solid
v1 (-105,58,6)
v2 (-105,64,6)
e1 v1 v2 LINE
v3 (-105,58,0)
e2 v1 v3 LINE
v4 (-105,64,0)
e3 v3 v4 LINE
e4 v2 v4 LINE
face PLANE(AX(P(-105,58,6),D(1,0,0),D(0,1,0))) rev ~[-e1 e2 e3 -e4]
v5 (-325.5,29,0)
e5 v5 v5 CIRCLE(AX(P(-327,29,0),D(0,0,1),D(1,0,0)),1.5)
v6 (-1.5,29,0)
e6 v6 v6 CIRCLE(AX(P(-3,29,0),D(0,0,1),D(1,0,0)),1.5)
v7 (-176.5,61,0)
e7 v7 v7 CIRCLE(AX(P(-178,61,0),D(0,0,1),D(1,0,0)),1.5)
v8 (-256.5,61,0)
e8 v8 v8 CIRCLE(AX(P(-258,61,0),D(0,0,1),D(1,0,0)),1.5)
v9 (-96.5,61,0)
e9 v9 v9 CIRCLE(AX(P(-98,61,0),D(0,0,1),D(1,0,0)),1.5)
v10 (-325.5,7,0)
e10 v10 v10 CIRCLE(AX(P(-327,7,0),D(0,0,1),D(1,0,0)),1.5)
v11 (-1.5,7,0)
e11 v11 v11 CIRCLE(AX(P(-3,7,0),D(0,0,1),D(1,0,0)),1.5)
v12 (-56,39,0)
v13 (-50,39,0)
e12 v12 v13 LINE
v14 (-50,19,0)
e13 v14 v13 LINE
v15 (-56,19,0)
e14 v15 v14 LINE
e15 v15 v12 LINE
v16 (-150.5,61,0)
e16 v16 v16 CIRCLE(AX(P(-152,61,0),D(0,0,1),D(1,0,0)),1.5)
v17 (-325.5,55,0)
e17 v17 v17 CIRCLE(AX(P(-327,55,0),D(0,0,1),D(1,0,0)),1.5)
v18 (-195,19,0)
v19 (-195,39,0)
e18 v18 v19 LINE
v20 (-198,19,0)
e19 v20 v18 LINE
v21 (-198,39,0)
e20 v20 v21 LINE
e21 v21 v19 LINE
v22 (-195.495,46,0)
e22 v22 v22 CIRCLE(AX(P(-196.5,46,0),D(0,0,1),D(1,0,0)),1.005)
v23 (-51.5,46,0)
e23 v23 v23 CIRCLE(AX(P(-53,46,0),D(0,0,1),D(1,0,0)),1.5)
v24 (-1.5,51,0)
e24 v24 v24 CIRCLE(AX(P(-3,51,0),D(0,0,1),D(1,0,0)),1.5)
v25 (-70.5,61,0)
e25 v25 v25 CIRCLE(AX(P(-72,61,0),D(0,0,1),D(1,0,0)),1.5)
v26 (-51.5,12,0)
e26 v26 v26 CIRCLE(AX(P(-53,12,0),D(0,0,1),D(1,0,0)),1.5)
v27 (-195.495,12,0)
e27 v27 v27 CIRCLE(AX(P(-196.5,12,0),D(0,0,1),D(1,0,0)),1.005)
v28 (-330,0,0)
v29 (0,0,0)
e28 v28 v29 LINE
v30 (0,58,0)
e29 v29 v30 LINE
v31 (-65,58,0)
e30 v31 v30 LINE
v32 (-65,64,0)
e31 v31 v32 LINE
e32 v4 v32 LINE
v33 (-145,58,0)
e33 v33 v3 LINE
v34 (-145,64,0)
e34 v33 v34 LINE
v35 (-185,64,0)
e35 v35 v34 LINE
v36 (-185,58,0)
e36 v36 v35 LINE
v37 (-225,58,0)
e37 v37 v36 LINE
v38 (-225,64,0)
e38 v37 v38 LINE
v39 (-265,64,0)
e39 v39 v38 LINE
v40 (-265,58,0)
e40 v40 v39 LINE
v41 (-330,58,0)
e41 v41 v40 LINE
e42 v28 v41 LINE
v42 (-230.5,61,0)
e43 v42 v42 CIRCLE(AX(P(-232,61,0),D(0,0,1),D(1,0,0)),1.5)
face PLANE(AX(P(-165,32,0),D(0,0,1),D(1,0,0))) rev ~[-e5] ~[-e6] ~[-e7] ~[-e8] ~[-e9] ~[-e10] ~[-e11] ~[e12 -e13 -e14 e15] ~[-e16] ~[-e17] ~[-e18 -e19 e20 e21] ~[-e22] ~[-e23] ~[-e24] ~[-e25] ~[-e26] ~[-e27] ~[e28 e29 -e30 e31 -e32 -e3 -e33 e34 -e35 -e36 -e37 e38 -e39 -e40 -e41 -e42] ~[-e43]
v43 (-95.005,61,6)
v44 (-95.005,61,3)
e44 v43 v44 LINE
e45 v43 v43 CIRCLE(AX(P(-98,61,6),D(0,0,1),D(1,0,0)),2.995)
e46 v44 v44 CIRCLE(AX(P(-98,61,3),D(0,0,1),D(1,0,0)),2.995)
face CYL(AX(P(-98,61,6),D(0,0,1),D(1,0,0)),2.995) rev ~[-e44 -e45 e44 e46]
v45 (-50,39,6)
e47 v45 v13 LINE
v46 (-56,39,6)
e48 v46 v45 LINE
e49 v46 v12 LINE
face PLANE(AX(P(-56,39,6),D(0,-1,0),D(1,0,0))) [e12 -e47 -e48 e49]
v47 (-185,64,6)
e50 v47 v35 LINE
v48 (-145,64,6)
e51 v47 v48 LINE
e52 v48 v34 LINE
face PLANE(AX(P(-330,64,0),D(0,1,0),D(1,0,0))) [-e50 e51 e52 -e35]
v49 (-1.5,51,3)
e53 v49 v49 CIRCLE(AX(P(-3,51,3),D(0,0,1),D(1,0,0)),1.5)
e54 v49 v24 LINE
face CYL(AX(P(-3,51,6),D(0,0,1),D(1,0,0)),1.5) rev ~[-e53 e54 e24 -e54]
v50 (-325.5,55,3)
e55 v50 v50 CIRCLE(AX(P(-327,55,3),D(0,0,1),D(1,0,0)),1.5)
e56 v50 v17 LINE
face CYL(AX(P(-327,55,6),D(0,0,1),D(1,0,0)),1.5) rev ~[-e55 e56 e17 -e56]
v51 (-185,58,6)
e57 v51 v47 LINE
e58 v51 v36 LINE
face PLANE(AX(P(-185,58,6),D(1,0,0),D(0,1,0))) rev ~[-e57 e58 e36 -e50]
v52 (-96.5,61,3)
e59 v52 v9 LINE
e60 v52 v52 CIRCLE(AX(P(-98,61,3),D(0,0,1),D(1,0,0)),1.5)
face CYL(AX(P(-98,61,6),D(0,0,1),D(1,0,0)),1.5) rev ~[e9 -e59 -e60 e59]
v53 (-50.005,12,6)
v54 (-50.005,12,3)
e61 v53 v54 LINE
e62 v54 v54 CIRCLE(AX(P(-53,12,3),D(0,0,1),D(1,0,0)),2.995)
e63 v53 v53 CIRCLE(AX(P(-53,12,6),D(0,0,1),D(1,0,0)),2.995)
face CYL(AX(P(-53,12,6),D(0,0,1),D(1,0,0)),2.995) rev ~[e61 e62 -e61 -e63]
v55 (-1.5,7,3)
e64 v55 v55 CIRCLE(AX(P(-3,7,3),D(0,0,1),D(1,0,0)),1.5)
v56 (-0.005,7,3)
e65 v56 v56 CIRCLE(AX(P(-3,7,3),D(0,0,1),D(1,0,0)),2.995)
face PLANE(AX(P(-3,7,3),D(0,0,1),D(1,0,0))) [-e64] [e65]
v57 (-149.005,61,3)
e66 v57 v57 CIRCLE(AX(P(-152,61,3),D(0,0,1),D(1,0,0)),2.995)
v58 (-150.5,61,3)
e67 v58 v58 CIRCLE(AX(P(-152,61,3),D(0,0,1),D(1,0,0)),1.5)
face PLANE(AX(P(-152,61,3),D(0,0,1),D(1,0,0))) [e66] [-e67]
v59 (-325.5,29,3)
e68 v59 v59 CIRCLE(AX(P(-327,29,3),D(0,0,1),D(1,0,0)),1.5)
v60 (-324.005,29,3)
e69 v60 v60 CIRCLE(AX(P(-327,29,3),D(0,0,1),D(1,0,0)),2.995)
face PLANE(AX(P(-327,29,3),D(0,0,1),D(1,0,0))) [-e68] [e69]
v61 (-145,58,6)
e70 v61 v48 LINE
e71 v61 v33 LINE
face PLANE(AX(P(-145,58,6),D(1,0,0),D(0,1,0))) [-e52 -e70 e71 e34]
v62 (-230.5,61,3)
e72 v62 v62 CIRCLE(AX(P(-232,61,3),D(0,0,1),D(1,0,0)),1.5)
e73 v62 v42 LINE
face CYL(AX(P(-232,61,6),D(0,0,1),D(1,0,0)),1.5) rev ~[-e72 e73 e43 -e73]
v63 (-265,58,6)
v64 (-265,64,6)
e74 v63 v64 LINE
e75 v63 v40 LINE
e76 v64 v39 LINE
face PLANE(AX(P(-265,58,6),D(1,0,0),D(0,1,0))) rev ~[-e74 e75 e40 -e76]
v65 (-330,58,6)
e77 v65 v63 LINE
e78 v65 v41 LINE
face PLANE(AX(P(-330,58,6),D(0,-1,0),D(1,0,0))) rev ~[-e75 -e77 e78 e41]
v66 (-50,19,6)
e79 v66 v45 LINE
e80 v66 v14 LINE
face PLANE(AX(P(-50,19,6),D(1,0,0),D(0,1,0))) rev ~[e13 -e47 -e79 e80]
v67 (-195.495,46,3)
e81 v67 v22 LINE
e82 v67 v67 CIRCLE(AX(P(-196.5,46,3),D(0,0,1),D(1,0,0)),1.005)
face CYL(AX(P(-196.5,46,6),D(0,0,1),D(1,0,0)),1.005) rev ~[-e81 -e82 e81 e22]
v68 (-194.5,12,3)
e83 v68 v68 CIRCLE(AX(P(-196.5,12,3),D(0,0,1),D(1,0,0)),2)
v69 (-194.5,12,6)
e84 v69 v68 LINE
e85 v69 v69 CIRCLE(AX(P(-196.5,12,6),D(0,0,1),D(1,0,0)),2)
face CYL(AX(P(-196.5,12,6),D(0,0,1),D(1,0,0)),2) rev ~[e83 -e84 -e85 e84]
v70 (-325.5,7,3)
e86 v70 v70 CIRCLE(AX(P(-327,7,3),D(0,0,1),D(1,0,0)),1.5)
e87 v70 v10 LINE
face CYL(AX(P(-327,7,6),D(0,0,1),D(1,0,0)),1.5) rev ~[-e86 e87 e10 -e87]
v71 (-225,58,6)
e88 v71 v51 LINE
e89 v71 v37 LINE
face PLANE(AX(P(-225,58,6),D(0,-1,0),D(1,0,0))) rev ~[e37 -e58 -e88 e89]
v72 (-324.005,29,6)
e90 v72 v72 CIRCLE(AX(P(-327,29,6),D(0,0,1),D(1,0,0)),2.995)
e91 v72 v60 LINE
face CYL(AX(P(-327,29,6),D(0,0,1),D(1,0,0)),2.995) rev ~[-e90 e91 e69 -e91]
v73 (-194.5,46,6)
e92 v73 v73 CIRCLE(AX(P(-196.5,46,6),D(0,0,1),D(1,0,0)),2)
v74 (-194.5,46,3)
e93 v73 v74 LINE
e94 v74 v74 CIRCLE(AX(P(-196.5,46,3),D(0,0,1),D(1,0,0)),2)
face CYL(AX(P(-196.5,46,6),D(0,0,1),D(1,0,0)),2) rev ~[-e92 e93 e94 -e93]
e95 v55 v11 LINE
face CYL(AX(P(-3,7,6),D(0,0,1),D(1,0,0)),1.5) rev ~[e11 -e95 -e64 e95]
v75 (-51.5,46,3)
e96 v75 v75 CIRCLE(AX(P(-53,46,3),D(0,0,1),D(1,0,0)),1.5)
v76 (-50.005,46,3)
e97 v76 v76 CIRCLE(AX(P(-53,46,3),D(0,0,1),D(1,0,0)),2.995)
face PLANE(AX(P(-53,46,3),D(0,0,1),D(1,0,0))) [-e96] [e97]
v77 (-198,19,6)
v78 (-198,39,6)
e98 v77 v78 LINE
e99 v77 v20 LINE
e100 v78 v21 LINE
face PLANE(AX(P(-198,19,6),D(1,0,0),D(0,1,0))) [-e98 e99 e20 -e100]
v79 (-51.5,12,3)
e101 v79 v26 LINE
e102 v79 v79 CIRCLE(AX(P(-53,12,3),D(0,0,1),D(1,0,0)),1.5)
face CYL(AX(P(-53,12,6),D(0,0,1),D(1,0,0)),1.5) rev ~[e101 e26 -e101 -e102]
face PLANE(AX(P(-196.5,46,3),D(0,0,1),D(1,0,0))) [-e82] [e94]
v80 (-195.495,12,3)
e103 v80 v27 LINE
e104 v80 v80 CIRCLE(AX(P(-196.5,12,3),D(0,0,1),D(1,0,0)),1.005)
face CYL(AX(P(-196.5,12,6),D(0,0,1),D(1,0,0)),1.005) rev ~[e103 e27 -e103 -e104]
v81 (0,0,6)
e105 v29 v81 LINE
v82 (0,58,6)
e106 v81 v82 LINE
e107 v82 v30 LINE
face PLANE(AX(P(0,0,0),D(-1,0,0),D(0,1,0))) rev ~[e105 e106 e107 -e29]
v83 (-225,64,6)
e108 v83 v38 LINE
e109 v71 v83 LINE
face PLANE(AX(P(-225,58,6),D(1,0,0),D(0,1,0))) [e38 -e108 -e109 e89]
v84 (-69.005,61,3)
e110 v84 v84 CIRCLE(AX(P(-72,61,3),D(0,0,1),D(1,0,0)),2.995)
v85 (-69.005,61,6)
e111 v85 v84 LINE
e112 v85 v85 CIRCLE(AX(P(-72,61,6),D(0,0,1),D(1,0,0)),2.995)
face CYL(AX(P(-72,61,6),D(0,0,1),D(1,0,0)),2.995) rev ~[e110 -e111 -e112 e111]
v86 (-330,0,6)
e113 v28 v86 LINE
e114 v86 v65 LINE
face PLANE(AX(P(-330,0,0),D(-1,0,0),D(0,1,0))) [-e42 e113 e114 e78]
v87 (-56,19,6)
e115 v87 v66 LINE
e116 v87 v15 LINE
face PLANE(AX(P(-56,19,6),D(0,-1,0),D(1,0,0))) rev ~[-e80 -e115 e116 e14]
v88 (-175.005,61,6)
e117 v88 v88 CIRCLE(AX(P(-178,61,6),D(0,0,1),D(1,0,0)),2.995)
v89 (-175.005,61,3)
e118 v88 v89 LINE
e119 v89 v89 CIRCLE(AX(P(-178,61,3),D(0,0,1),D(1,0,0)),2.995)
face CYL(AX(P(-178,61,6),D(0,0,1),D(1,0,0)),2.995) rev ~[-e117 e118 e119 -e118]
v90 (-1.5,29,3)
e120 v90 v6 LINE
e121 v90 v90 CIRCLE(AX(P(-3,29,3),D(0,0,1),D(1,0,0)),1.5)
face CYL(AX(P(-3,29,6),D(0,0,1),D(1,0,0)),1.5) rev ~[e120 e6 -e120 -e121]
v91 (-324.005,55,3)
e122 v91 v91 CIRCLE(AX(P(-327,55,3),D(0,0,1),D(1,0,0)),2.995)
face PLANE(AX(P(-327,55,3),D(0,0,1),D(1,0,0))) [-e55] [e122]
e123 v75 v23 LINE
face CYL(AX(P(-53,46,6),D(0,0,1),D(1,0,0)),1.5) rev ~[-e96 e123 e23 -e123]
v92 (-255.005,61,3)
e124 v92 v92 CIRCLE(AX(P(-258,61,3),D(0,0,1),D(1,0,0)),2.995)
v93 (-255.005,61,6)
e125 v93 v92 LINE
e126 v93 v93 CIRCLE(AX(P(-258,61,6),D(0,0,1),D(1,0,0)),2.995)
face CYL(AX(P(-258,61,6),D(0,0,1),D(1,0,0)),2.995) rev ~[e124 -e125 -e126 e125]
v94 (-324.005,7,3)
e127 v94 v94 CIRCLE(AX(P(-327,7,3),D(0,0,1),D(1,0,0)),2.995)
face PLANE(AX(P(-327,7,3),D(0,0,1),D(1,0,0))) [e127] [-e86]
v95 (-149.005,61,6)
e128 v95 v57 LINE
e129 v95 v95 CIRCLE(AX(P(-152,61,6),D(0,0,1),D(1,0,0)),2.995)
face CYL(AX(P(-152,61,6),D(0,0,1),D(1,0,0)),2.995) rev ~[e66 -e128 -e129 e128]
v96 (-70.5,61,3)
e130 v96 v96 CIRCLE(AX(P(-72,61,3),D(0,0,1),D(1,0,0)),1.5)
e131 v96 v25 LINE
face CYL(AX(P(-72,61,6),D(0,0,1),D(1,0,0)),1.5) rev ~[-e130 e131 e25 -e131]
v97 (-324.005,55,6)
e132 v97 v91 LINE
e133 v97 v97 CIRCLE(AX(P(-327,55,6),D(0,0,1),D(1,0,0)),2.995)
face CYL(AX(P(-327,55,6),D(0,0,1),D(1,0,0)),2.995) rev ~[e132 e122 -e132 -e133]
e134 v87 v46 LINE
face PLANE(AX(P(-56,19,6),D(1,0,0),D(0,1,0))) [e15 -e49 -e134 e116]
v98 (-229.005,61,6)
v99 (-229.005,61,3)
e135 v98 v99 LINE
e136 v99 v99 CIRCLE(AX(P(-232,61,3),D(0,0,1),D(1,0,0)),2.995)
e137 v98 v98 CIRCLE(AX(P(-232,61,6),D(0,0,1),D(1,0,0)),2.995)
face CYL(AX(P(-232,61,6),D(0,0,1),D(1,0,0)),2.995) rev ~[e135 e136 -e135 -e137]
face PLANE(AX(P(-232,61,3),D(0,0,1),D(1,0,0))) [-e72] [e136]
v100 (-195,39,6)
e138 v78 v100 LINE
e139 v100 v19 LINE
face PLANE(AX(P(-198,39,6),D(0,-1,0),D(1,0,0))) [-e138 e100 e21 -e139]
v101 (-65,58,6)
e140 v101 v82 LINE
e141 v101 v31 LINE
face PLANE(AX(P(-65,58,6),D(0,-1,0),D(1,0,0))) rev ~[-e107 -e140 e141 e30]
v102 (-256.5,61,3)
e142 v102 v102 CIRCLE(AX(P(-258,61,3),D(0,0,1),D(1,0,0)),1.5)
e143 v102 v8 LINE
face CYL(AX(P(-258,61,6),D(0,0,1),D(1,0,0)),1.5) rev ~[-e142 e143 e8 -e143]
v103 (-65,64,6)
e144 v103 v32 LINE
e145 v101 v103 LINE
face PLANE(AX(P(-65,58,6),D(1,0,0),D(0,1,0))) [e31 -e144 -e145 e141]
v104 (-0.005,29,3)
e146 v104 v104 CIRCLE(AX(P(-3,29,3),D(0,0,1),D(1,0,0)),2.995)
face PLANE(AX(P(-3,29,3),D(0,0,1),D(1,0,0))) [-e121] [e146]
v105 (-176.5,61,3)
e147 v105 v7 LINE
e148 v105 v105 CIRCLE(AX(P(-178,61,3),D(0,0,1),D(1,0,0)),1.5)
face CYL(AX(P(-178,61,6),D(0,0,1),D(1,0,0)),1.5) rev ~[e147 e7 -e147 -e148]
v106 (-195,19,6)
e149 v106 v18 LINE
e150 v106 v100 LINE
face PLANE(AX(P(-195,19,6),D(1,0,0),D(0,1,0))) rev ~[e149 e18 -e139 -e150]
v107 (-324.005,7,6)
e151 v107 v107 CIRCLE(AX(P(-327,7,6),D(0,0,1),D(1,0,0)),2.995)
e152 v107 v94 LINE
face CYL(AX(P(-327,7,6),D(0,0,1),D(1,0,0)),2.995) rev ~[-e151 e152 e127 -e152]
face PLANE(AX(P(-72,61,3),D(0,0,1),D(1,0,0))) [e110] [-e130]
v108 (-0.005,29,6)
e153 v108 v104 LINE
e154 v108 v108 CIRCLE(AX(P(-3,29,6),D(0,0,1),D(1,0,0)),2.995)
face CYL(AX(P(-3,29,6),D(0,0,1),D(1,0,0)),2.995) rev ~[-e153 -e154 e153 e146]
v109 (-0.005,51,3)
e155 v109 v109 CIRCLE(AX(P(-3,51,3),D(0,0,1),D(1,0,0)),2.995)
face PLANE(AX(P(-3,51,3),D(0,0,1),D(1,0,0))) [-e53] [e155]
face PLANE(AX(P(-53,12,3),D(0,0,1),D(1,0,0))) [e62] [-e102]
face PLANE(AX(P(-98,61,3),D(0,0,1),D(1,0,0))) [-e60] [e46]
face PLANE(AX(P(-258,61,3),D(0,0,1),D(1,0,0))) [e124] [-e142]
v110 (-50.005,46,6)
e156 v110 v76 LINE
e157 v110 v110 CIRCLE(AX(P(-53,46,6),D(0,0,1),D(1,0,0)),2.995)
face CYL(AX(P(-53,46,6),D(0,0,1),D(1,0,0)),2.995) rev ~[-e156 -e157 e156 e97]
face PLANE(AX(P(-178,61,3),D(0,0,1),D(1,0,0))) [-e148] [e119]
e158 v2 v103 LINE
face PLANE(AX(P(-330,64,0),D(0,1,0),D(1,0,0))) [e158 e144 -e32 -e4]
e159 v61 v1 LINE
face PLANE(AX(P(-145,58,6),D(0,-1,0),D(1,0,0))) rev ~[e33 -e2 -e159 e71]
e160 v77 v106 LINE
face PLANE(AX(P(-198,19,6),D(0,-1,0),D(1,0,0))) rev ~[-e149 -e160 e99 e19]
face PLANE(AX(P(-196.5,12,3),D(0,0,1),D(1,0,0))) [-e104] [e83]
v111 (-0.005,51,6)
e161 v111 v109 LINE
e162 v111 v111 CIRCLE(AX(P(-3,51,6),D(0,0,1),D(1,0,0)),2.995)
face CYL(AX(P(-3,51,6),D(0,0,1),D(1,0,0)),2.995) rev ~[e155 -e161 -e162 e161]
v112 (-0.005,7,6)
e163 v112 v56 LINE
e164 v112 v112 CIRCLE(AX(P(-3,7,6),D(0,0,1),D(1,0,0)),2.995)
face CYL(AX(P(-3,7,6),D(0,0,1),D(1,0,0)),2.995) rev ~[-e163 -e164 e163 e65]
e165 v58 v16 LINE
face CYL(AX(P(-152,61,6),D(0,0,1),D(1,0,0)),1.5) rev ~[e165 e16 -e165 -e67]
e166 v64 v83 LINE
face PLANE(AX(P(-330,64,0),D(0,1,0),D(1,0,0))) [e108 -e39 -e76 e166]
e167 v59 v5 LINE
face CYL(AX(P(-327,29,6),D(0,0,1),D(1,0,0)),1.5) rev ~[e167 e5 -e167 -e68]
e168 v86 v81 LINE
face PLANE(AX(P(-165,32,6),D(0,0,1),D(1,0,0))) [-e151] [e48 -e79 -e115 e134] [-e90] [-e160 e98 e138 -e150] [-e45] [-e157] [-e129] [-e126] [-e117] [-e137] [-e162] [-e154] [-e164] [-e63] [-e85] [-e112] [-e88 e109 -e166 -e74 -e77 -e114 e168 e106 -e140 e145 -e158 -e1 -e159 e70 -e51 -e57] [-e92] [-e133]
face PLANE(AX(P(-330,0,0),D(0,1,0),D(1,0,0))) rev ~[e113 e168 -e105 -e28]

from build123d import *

# Parameters (mm, degrees)
ESQUISSE1_W             = 330
ESQUISSE1_H             = 64
BOSS_EXTRU_1_DEPTH      = 6
ESQUISSE2_W             = 65
ESQUISSE2_H             = 6
ESQUISSE2_W_2           = 40
ENL_V_MAT_EXTRU_1_DEPTH = 337.20232004
ESQUISSE3_W             = 3
ESQUISSE3_H             = 20
ESQUISSE3_W_2           = 6
ENL_V_MAT_EXTRU_2_DEPTH = 337.20232004
ESQUISSE4_R             = 1.5
ESQUISSE4_R_2           = 1.005
ENL_V_MAT_EXTRU_3_DEPTH = 337.20232004
ESQUISSE5_R             = 2.995
ESQUISSE5_R_2           = 2
ENL_V_MAT_EXTRU_4_DEPTH = 3


with BuildPart() as part:
    # Esquisse1 → Boss.-Extru.1 (new body)
    with BuildSketch(Plane.XY):
        with Locations((-165, 32)):
            Rectangle(ESQUISSE1_W, ESQUISSE1_H)
    extrude(amount=BOSS_EXTRU_1_DEPTH)

    # Esquisse2 → Enlèv. mat.-Extru.1 (cut, through all)
    with BuildSketch(Plane.XY.offset(6)):
        with Locations((-297.5, 61)):
            Rectangle(ESQUISSE2_W, ESQUISSE2_H)
        with Locations((-205, 61)):
            Rectangle(ESQUISSE2_W_2, ESQUISSE2_H)
        with Locations((-125, 61)):
            Rectangle(ESQUISSE2_W_2, ESQUISSE2_H)
        with Locations((-32.5, 61)):
            Rectangle(ESQUISSE2_W, ESQUISSE2_H)
    extrude(amount=-ENL_V_MAT_EXTRU_1_DEPTH, mode=Mode.SUBTRACT)

    # Esquisse3 → Enlèv. mat.-Extru.2 (cut, through all)
    with BuildSketch(Plane.XY.offset(6)):
        with Locations((-196.5, 29)):
            Rectangle(ESQUISSE3_W, ESQUISSE3_H)
        with Locations((-53, 29)):
            Rectangle(ESQUISSE3_W_2, ESQUISSE3_H)
    extrude(amount=-ENL_V_MAT_EXTRU_2_DEPTH, mode=Mode.SUBTRACT)

    # Esquisse4 → Enlèv. mat.-Extru.3 (cut, through all)
    with BuildSketch(Plane.XY.offset(6)):
        with Locations((-327, 55)):
            Circle(ESQUISSE4_R)
        with Locations((-327, 29)):
            Circle(ESQUISSE4_R)
        with Locations((-327, 7)):
            Circle(ESQUISSE4_R)
        with Locations((-258, 61)):
            Circle(ESQUISSE4_R)
        with Locations((-232, 61)):
            Circle(ESQUISSE4_R)
        with Locations((-178, 61)):
            Circle(ESQUISSE4_R)
        with Locations((-152, 61)):
            Circle(ESQUISSE4_R)
        with Locations((-98, 61)):
            Circle(ESQUISSE4_R)
        with Locations((-72, 61)):
            Circle(ESQUISSE4_R)
        with Locations((-53, 46)):
            Circle(ESQUISSE4_R)
        with Locations((-53, 12)):
            Circle(ESQUISSE4_R)
        with Locations((-196.5, 46)):
            Circle(ESQUISSE4_R_2)
        with Locations((-196.5, 12)):
            Circle(ESQUISSE4_R_2)
        with Locations((-3, 51)):
            Circle(ESQUISSE4_R)
        with Locations((-3, 29)):
            Circle(ESQUISSE4_R)
        with Locations((-3, 7)):
            Circle(ESQUISSE4_R)
    extrude(amount=-ENL_V_MAT_EXTRU_3_DEPTH, mode=Mode.SUBTRACT)

    # Esquisse5 → Enlèv. mat.-Extru.4 (cut)
    with BuildSketch(Plane.XY.offset(6)):
        with Locations((-327, 7)):
            Circle(ESQUISSE5_R)
        with Locations((-327, 29)):
            Circle(ESQUISSE5_R)
        with Locations((-327, 55)):
            Circle(ESQUISSE5_R)
        with Locations((-258, 61)):
            Circle(ESQUISSE5_R)
        with Locations((-232, 61)):
            Circle(ESQUISSE5_R)
        with Locations((-196.5, 46)):
            Circle(ESQUISSE5_R_2)
        with Locations((-178, 61)):
            Circle(ESQUISSE5_R)
        with Locations((-152, 61)):
            Circle(ESQUISSE5_R)
        with Locations((-98, 61)):
            Circle(ESQUISSE5_R)
        with Locations((-72, 61)):
            Circle(ESQUISSE5_R)
        with Locations((-53, 46)):
            Circle(ESQUISSE5_R)
        with Locations((-53, 12)):
            Circle(ESQUISSE5_R)
        with Locations((-3, 7)):
            Circle(ESQUISSE5_R)
        with Locations((-3, 29)):
            Circle(ESQUISSE5_R)
        with Locations((-3, 51)):
            Circle(ESQUISSE5_R)
        with Locations((-196.5, 12)):
            Circle(ESQUISSE5_R_2)
    extrude(amount=-ENL_V_MAT_EXTRU_4_DEPTH, mode=Mode.SUBTRACT)


solid = part.part
